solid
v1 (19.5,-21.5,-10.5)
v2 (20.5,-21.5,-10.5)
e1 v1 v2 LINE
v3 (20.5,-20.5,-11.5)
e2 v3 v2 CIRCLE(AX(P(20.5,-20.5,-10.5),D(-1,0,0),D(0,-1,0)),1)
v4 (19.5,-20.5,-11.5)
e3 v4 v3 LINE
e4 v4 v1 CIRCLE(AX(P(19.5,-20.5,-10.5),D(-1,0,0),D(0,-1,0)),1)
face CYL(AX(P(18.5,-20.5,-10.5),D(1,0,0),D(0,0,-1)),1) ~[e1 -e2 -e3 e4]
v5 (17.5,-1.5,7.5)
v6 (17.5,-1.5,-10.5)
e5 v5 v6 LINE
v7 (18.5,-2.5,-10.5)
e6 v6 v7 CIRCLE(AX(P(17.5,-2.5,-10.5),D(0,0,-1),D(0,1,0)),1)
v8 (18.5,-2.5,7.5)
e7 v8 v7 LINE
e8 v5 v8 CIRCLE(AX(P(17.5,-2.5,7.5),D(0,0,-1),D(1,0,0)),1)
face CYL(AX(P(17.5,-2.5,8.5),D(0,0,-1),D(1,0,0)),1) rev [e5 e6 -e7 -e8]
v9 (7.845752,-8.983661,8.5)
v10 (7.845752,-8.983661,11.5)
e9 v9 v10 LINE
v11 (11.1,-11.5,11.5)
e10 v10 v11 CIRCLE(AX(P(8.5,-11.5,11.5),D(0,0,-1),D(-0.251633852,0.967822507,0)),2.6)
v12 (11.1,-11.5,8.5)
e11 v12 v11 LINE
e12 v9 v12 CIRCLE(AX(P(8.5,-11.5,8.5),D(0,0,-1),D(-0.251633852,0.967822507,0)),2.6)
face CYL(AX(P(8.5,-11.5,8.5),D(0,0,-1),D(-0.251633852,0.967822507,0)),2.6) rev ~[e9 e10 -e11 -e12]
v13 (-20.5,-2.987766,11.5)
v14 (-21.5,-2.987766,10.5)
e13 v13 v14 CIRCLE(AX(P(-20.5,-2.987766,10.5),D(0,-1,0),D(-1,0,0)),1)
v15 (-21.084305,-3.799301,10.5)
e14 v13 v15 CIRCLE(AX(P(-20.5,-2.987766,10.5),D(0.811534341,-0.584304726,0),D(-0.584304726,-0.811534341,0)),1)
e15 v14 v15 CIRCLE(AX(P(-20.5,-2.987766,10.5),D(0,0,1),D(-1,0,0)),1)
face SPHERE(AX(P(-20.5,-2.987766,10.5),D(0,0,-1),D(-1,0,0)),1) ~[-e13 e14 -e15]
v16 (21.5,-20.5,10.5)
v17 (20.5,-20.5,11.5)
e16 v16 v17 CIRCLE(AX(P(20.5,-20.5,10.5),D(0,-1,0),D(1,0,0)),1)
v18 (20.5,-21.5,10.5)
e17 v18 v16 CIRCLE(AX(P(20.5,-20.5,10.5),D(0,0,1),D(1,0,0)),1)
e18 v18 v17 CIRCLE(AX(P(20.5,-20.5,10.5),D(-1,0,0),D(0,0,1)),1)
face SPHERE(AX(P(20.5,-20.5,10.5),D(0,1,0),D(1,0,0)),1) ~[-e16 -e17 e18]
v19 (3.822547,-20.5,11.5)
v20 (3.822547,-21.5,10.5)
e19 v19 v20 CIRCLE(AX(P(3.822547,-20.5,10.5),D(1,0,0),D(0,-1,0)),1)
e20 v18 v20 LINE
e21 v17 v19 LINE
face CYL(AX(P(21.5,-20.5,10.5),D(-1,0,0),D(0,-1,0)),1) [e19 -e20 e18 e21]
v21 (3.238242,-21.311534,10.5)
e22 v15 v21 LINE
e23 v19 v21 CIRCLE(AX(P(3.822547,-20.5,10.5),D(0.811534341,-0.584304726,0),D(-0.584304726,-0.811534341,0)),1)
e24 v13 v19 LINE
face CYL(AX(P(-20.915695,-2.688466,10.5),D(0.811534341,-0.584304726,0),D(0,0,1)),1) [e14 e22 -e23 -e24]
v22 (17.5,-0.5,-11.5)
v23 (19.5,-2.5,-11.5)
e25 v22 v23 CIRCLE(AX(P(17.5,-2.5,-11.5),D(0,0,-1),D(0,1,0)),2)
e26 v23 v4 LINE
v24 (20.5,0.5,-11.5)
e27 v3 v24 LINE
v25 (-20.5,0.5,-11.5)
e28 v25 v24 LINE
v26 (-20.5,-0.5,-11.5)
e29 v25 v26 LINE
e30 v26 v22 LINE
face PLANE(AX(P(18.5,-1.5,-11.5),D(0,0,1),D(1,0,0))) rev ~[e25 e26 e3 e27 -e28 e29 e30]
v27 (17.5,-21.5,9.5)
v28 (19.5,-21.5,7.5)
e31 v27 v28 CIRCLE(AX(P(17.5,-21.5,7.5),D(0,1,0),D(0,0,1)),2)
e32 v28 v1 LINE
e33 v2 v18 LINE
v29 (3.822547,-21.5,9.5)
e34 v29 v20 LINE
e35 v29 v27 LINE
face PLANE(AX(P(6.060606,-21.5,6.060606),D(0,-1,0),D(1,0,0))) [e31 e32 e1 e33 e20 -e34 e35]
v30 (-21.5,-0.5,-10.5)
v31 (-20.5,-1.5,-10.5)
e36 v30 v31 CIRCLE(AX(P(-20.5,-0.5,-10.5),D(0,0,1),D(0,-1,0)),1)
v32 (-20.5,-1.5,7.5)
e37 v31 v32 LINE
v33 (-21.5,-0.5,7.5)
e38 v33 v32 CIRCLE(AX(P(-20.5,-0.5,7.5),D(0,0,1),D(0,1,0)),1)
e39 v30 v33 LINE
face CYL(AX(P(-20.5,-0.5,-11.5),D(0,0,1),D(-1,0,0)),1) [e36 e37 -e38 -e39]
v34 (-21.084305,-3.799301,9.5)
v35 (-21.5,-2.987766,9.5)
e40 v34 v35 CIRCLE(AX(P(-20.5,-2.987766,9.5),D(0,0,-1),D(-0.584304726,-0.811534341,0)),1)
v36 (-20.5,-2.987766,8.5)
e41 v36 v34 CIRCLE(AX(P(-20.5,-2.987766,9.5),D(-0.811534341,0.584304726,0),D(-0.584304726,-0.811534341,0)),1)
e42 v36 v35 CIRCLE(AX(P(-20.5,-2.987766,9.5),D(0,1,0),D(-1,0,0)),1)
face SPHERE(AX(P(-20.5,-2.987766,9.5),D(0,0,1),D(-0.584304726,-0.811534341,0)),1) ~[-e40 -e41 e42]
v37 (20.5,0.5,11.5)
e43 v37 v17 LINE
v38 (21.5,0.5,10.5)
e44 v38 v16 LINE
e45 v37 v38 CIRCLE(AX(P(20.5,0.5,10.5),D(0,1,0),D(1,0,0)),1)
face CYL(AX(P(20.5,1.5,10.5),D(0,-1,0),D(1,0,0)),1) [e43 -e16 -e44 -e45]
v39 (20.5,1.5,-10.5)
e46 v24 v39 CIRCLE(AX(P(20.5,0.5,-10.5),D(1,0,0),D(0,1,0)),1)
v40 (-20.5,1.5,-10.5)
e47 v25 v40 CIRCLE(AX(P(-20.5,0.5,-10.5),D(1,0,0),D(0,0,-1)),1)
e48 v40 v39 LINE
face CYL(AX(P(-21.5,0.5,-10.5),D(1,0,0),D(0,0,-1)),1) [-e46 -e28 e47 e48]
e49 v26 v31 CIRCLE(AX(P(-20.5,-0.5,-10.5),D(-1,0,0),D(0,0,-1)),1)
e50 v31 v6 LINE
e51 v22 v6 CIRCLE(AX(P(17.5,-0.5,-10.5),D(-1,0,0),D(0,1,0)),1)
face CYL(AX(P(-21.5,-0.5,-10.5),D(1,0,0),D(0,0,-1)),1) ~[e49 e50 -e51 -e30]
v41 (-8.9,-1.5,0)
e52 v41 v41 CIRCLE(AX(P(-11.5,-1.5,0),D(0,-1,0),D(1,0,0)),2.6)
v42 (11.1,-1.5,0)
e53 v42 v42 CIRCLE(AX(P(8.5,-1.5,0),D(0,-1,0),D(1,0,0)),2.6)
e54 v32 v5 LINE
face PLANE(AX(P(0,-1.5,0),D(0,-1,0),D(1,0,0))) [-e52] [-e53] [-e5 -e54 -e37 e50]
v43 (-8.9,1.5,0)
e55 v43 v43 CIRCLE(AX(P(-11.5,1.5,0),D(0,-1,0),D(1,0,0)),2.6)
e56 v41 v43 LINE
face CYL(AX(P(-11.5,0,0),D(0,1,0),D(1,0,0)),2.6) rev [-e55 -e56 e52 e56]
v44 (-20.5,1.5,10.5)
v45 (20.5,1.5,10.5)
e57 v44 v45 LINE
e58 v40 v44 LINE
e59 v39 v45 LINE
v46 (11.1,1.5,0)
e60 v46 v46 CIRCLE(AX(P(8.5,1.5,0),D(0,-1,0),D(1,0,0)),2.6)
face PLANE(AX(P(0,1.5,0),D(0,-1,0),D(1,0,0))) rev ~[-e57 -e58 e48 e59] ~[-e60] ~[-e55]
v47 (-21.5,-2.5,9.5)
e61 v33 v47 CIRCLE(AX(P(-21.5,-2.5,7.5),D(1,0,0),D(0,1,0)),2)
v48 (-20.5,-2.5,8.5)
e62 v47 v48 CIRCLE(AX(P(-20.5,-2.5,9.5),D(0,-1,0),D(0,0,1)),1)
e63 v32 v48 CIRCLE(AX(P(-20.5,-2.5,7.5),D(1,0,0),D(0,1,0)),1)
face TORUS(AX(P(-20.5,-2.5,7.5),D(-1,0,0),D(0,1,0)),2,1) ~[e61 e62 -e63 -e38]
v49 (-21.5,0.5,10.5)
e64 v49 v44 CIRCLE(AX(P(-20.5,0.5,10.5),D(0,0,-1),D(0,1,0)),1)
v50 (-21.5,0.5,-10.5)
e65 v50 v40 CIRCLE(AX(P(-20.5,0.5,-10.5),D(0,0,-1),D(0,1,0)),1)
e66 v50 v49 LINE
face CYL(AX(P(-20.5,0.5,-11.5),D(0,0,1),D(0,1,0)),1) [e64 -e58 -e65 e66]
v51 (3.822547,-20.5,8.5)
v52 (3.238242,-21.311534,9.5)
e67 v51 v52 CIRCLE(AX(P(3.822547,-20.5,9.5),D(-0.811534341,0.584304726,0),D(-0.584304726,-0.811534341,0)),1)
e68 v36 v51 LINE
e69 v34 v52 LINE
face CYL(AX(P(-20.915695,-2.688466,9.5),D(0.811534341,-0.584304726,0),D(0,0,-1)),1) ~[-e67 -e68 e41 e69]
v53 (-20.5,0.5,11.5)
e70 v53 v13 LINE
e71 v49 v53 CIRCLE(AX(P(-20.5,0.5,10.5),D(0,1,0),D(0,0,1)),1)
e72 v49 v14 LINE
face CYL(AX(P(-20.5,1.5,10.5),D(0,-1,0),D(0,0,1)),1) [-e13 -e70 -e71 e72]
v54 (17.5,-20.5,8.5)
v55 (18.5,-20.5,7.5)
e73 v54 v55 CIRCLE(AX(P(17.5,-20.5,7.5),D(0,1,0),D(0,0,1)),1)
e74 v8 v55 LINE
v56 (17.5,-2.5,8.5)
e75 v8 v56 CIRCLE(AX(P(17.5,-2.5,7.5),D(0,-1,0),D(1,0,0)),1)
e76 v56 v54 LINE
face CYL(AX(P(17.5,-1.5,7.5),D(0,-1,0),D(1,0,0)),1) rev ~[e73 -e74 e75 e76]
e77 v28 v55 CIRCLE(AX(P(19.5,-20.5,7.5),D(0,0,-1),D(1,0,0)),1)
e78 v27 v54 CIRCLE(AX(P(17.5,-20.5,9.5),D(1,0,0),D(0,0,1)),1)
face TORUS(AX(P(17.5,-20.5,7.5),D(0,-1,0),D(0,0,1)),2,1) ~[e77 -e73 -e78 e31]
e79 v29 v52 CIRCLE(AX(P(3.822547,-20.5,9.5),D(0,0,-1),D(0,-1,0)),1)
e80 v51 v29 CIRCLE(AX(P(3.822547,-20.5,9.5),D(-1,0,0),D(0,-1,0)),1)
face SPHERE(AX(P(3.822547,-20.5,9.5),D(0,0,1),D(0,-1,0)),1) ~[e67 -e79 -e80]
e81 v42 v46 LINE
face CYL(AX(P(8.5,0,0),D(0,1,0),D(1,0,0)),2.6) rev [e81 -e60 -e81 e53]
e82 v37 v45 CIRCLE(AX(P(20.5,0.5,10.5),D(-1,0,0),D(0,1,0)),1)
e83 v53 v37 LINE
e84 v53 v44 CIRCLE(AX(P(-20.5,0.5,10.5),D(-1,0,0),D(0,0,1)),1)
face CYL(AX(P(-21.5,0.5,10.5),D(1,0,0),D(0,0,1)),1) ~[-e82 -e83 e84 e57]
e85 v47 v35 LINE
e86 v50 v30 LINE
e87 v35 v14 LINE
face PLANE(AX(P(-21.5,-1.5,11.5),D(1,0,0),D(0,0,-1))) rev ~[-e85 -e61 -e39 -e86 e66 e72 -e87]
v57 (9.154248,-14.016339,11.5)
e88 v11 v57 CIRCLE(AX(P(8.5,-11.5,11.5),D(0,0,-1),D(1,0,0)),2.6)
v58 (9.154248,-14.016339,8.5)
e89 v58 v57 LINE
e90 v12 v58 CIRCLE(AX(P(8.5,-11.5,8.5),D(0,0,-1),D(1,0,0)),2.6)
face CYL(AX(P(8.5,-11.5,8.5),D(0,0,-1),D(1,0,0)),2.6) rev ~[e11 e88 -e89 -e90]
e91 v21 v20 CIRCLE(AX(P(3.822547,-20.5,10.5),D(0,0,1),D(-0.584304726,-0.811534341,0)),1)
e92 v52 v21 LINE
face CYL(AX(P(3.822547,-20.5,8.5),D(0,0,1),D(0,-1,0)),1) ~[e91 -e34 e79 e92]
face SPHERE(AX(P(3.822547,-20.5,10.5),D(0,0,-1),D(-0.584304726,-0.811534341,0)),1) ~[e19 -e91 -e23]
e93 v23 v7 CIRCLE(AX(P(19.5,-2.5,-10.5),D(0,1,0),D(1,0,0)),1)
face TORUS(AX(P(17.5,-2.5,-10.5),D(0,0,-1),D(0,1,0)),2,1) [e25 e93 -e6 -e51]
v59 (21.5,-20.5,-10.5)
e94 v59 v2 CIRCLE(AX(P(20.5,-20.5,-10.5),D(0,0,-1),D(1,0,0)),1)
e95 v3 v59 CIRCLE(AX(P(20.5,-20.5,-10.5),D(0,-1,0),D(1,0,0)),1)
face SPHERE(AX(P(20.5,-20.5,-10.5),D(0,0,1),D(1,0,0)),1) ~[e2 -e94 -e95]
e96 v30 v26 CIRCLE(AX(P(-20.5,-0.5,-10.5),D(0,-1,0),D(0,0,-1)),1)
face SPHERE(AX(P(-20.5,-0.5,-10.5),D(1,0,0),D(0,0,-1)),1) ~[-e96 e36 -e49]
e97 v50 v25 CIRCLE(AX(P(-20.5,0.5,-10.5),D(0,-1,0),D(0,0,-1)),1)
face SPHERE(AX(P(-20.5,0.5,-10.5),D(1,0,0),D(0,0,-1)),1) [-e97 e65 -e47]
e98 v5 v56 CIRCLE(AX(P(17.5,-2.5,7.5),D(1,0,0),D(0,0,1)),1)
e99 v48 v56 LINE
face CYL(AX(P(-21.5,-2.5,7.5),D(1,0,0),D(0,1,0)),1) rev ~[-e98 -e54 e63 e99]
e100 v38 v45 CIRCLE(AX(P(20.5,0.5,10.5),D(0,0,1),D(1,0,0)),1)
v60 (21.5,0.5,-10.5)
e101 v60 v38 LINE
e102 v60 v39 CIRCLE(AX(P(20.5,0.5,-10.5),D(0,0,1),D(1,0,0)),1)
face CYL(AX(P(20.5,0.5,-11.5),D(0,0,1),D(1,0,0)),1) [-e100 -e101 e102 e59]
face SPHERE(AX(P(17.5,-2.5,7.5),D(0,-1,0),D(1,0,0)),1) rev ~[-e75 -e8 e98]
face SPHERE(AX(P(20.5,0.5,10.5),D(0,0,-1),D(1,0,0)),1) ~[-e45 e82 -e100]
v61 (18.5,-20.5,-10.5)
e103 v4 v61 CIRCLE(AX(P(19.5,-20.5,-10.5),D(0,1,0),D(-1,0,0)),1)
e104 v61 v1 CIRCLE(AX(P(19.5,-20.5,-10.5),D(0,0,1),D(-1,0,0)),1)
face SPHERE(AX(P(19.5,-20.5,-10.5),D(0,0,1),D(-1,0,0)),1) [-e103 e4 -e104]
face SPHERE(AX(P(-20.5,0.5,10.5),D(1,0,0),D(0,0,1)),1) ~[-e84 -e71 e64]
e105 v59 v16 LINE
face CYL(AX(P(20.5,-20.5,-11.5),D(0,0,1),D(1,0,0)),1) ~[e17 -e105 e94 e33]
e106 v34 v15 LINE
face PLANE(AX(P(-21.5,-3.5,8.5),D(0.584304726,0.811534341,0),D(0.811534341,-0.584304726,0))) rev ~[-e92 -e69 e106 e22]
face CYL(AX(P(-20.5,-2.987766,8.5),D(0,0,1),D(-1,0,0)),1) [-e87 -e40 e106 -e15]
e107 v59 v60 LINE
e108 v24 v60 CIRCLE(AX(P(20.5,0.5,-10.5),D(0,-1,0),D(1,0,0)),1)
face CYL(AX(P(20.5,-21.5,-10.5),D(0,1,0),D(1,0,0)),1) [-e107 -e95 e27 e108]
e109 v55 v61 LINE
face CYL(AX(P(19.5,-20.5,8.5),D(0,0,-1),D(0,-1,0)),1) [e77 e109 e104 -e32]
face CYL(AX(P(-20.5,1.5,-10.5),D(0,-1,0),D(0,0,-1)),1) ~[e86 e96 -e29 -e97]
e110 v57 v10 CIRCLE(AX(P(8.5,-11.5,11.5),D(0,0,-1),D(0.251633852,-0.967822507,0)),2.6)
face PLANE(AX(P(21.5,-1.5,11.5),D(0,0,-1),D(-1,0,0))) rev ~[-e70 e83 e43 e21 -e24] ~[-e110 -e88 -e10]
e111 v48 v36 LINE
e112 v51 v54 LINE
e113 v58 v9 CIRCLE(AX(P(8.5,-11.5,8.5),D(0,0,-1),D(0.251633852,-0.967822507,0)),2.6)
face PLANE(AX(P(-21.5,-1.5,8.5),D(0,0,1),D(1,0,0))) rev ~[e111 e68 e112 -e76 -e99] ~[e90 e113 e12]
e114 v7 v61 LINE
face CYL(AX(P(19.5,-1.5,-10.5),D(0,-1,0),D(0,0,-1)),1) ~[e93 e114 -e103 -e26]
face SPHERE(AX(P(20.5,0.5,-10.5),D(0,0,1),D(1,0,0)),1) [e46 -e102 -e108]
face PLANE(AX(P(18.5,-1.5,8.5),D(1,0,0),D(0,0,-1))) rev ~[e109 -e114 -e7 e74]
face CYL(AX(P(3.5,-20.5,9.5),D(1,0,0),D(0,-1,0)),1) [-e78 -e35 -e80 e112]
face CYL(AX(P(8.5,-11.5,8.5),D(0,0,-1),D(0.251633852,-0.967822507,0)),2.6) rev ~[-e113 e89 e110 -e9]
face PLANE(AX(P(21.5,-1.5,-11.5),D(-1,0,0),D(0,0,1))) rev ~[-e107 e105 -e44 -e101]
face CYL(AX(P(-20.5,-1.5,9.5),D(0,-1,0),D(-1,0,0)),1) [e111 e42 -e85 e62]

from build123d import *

# Parameters (mm, degrees)
F0_W     = 43
F0_H     = 23
F0_R     = 2.6
F1_DEPTH = 1.5
F3_DEPTH = 20
F5_DEPTH = 3.001
F7_DEPTH = 3.001
F8_R     = 1


with BuildPart() as f1:
    # F0 (on Front) → F1 (new body, symmetric)
    with BuildSketch(Plane.XZ):
        Rectangle(F0_W, F0_H)
        with Locations((-11.5, 0)):
            Circle(F0_R, mode=Mode.SUBTRACT)
        with Locations((8.5, 0)):
            Circle(F0_R, mode=Mode.SUBTRACT)
    extrude(amount=F1_DEPTH, both=True)

    # F2 (on face) → F3 (join)
    with BuildSketch(Plane.XZ.offset(1.5)):
        Polygon((21.5, -11.5), (21.5, 11.5), (-21.5, 11.5), (-21.5, 8.5), (18.5, 8.5), (18.5, -11.5), align=None)
    extrude(amount=F3_DEPTH)

    # F4 (on face) → F5 (cut, through all)
    with BuildSketch(Plane(origin=(0, 0, 8.5), x_dir=(1, 0, 0), z_dir=(0, 0, -1))):
        with BuildLine():
            ThreePointArc((9.1542480146, 14.0163385176), (5.9836614824, 12.1542480146), (7.8457519854, 8.9836614824))
            Line((7.8457519854, 8.9836614824), (9.1542480146, 14.0163385176))
        make_face()
        with BuildLine():
            Line((9.1542480146, 14.0163385176), (7.8457519854, 8.9836614824))
            ThreePointArc((7.8457519854, 8.9836614824), (10.0904331426, 9.4431766194), (11.1, 11.5))
            ThreePointArc((11.1, 11.5), (10.5568233806, 13.0904331426), (9.1542480146, 14.0163385176))
        make_face()
    extrude(amount=-F5_DEPTH, mode=Mode.SUBTRACT)

    # F6 (on face) → F7 (cut, through all)
    with BuildSketch(Plane(origin=(0, 0, 8.5), x_dir=(1, 0, 0), z_dir=(0, 0, -1))):
        Polygon((-21.5, 3.5), (3.5, 21.5), (-21.5, 21.5), align=None)
    extrude(amount=-F7_DEPTH, mode=Mode.SUBTRACT)

    # F8
    f8_edges = [f1.edges().sort_by_distance(p)[0] for p in [
        (21.5, 1.5, 0),
        (21.5, -10, 11.5),
        (21.5, -21.5, 0),
        (21.5, -10, -11.5),
        (0, 1.5, -11.5),
        (0, 1.5, 11.5),
        (-21.5, -1, 11.5),
        (-9, -12.5, 11.5),
        (12.5, -21.5, 11.5),
        (-9, -12.5, 8.5),
        (3.5, -21.5, 10),
        (11, -21.5, 8.5),
        (18.5, -21.5, -1.5),
        (-1.5, -1.5, -11.5),
        (18.5, -11.5, 8.5),
        (18.5, -11.5, -11.5),
        (18.5, -1.5, -1.5),
        (20, -21.5, -11.5),
        (-21.5, 0, -11.5),
        (-21.5, 1.5, 0),
        (-21.5, -1.5, -1.5),
        (-21.5, -2.5, 8.5),
        (-21.5, -3.5, 10),
        (-1.5, -1.5, 8.5),
    ]]
    fillet(f8_edges, radius=F8_R)


solid = f1.part
